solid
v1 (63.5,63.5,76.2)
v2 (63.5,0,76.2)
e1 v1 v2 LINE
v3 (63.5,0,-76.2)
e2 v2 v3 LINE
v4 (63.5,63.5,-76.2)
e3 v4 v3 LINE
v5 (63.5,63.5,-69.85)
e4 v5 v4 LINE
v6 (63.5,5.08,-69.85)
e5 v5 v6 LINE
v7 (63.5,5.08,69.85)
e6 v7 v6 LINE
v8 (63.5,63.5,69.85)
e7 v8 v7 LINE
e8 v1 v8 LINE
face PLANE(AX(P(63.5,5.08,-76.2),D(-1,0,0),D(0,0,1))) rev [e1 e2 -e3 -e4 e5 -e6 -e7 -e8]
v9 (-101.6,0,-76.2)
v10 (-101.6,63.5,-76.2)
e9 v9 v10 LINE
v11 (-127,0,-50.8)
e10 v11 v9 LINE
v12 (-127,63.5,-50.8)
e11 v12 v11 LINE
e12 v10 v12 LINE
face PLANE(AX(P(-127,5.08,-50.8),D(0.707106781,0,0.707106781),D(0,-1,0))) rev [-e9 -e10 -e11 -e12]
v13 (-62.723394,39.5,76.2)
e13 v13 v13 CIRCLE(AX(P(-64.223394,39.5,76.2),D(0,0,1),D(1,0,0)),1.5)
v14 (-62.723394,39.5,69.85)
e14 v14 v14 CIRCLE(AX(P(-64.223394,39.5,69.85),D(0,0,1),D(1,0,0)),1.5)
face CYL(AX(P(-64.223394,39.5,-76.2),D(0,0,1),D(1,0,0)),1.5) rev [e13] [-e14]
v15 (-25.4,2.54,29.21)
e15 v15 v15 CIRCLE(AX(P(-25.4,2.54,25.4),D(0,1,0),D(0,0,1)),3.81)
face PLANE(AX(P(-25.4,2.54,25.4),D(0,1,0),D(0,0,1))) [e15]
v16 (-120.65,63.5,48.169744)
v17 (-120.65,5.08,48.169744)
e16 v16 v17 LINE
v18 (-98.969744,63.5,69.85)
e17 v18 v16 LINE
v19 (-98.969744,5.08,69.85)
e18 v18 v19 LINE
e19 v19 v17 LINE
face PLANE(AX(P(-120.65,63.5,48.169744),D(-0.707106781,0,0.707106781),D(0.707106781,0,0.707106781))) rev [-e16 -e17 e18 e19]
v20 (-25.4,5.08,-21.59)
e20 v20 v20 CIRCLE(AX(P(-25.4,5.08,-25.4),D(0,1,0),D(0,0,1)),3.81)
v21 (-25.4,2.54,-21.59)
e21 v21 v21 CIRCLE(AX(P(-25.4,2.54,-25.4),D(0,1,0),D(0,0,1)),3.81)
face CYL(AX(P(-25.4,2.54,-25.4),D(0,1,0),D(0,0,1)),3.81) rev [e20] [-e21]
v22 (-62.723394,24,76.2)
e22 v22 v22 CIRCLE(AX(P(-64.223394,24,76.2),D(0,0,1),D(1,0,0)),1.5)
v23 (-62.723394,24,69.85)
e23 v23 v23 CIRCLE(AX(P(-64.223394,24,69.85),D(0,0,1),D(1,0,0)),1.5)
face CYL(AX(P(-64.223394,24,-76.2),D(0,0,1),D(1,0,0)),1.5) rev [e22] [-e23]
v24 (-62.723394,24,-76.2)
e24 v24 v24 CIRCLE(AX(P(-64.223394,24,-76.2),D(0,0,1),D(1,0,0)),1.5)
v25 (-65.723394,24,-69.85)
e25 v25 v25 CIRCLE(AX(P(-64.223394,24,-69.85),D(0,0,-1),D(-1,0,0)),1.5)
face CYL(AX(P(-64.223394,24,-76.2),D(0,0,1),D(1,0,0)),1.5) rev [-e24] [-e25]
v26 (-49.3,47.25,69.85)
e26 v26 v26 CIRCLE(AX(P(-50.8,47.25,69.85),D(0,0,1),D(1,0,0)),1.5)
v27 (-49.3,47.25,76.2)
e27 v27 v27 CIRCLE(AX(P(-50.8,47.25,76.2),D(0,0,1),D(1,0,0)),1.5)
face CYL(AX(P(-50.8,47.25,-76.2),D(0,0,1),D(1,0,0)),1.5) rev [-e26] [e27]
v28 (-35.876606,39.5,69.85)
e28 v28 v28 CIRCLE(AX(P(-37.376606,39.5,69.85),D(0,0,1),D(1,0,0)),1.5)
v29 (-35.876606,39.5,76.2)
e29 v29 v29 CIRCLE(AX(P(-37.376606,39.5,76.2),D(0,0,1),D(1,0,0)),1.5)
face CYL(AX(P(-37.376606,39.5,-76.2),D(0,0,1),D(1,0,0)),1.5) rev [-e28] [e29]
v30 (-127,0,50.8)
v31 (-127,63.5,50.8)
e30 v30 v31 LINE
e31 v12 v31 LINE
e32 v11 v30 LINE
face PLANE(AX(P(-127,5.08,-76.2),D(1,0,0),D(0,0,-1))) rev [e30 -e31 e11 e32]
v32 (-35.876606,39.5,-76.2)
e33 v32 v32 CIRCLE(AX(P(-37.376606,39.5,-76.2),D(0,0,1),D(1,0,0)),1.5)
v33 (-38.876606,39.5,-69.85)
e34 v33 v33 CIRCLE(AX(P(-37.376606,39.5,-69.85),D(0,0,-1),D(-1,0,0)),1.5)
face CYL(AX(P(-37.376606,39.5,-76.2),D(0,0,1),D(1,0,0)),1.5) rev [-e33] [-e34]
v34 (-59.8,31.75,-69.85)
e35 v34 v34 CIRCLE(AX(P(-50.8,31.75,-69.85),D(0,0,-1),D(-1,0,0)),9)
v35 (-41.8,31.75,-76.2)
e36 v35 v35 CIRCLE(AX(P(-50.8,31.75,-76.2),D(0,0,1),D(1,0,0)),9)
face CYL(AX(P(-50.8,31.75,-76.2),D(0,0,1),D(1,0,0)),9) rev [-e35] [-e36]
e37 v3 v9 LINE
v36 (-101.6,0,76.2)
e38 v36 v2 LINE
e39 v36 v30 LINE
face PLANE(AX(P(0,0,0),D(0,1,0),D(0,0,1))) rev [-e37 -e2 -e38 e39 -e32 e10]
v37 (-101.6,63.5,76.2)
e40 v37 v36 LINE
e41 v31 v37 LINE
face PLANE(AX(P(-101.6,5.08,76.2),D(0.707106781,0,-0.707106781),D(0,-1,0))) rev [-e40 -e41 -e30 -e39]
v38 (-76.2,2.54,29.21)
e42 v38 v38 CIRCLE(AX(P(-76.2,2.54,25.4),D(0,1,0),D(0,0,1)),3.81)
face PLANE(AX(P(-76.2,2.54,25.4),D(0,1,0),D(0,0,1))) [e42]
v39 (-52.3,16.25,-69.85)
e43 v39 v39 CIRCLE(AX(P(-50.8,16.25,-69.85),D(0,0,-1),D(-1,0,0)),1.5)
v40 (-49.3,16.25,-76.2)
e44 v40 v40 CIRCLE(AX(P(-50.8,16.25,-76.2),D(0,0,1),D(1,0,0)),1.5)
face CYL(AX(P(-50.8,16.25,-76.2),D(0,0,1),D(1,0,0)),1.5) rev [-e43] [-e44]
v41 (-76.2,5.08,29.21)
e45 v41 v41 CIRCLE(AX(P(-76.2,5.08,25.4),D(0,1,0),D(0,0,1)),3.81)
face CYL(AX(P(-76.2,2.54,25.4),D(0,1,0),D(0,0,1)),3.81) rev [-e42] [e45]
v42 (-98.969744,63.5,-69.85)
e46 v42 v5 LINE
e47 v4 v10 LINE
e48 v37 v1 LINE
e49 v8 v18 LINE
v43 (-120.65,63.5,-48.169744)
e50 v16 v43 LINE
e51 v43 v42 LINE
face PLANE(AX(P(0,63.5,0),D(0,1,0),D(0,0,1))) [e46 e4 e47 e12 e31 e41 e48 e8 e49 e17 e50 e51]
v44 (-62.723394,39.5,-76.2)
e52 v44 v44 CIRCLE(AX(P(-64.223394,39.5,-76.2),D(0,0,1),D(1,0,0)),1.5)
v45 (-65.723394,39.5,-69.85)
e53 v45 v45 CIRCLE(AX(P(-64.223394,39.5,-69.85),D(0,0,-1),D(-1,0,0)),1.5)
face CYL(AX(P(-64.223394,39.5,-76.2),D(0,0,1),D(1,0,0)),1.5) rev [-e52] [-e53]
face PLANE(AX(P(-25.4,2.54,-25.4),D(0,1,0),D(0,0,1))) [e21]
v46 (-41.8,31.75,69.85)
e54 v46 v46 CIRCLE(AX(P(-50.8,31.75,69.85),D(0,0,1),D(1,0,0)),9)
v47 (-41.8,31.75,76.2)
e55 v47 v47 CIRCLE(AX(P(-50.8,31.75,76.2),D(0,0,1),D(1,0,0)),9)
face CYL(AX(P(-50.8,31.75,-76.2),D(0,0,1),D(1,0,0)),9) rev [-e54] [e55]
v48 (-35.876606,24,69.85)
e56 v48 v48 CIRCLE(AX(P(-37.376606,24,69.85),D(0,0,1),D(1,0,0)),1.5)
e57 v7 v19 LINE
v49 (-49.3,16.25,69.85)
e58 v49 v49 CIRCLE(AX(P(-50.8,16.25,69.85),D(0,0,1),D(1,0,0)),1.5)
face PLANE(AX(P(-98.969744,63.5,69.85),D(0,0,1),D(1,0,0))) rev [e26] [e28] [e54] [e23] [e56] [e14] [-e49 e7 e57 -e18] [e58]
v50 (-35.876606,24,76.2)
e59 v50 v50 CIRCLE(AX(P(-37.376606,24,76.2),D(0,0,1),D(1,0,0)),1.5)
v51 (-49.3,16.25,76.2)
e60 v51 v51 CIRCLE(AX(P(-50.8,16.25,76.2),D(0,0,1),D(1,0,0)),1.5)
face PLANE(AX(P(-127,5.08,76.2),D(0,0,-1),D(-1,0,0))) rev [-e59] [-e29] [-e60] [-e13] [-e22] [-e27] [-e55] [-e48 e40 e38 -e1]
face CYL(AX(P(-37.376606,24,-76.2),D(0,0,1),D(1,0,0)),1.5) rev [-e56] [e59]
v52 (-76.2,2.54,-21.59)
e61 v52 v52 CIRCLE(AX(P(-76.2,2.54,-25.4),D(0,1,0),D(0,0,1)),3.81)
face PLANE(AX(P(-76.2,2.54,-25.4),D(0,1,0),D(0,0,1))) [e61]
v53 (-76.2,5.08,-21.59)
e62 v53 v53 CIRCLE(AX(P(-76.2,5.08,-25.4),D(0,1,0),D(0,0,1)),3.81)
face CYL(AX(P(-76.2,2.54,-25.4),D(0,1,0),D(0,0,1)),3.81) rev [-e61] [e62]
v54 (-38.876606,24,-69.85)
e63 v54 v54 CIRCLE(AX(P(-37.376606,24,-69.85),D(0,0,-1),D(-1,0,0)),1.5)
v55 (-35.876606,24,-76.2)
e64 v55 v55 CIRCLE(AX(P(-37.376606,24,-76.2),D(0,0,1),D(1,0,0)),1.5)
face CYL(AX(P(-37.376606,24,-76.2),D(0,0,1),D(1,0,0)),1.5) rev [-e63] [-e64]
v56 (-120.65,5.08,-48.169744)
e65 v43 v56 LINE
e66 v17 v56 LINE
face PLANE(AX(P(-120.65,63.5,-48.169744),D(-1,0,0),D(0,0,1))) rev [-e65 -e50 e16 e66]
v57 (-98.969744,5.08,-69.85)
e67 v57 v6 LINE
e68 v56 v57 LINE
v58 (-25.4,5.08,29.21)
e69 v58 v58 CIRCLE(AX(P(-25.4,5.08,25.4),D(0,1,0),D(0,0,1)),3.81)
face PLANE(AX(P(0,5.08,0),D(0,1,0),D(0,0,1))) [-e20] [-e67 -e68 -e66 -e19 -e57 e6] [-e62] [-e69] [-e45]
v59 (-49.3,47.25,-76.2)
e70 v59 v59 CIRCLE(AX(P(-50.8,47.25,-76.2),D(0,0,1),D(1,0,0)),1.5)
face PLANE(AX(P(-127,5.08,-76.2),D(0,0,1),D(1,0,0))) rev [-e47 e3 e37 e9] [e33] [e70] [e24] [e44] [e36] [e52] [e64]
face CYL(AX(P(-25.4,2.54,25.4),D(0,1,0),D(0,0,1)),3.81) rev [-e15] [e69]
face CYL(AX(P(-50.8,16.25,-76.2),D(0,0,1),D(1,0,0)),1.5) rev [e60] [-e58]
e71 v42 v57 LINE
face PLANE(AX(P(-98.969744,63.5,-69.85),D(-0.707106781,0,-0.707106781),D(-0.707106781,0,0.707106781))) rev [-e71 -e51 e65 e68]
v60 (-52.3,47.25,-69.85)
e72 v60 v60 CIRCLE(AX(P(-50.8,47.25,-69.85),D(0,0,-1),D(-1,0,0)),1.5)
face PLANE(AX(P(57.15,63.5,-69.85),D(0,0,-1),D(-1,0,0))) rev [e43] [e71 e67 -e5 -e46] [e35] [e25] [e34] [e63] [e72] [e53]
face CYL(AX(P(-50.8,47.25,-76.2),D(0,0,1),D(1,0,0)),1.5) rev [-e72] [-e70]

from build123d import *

# Parameters (mm, degrees)
SKETCH2_W           = 190.5
SKETCH2_H           = 152.4
BOSS_EXTRUDE1_DEPTH = 5.08
CHAMFER1_SIZE       = 25.4
BOSS_EXTRUDE3_DEPTH = 58.42
SKETCH5_R           = 9
SKETCH5_R_2         = 1.5
CUT_EXTRUDE1_DEPTH  = 153.4
SKETCH7_R           = 3.81
CUT_EXTRUDE2_DEPTH  = 2.54


with BuildPart() as part:
    # Sketch2 → Boss-Extrude1 (new body)
    with BuildSketch(Plane(origin=(0, 0, 0), x_dir=(1, 0, 0), z_dir=(0, 1, 0))):
        with Locations((-31.75, 0)):
            Rectangle(SKETCH2_W, SKETCH2_H)
    extrude(amount=BOSS_EXTRUDE1_DEPTH)

    # Chamfer1
    chamfer1_edges = [part.edges().sort_by_distance(p)[0] for p in [
        (-127, 2.54, -76.2),
        (-127, 2.54, 76.2),
    ]]
    chamfer(chamfer1_edges, length=CHAMFER1_SIZE)

    # Sketch4 → Boss-Extrude3 (add)
    with BuildSketch(Plane(origin=(0, 5.08, 0), x_dir=(1, 0, 0), z_dir=(0, 1, 0))):
        Polygon((57.15, 69.85), (-98.969743879, 69.85), (-120.65, 48.169743879), (-120.65, -48.169743879), (-98.969743879, -69.85), (57.15, -69.85), (63.5, -69.85), (63.5, -76.2), (-101.6, -76.2), (-127, -50.8), (-127, 50.8), (-101.6, 76.2), (63.5, 76.2), (63.5, 69.85), align=None)
    extrude(amount=BOSS_EXTRUDE3_DEPTH)

    # Sketch5 → Cut-Extrude1 (cut, through all)
    with BuildSketch(Plane.XY.offset(76.2)):
        with Locations((-50.8, 31.75)):
            Circle(SKETCH5_R)
        with Locations((-50.8, 47.25)):
            Circle(SKETCH5_R_2)
        with Locations((-37.376606241, 39.5)):
            Circle(SKETCH5_R_2)
        with Locations((-37.376606241, 24)):
            Circle(SKETCH5_R_2)
        with Locations((-50.8, 16.25)):
            Circle(SKETCH5_R_2)
        with Locations((-64.223393759, 24)):
            Circle(SKETCH5_R_2)
        with Locations((-64.223393759, 39.5)):
            Circle(SKETCH5_R_2)
    extrude(amount=-CUT_EXTRUDE1_DEPTH, mode=Mode.SUBTRACT)

    # Sketch7 → Cut-Extrude2 (cut)
    with BuildSketch(Plane(origin=(0, 5.08, 0), x_dir=(1, 0, 0), z_dir=(0, 1, 0))):
        with Locations((-76.2, 25.4)):
            Circle(SKETCH7_R)
        with Locations((-25.4, 25.4)):
            Circle(SKETCH7_R)
        with Locations((-25.4, -25.4)):
            Circle(SKETCH7_R)
        with Locations((-76.2, -25.4)):
            Circle(SKETCH7_R)
    extrude(amount=-CUT_EXTRUDE2_DEPTH, mode=Mode.SUBTRACT)


solid = part.part
